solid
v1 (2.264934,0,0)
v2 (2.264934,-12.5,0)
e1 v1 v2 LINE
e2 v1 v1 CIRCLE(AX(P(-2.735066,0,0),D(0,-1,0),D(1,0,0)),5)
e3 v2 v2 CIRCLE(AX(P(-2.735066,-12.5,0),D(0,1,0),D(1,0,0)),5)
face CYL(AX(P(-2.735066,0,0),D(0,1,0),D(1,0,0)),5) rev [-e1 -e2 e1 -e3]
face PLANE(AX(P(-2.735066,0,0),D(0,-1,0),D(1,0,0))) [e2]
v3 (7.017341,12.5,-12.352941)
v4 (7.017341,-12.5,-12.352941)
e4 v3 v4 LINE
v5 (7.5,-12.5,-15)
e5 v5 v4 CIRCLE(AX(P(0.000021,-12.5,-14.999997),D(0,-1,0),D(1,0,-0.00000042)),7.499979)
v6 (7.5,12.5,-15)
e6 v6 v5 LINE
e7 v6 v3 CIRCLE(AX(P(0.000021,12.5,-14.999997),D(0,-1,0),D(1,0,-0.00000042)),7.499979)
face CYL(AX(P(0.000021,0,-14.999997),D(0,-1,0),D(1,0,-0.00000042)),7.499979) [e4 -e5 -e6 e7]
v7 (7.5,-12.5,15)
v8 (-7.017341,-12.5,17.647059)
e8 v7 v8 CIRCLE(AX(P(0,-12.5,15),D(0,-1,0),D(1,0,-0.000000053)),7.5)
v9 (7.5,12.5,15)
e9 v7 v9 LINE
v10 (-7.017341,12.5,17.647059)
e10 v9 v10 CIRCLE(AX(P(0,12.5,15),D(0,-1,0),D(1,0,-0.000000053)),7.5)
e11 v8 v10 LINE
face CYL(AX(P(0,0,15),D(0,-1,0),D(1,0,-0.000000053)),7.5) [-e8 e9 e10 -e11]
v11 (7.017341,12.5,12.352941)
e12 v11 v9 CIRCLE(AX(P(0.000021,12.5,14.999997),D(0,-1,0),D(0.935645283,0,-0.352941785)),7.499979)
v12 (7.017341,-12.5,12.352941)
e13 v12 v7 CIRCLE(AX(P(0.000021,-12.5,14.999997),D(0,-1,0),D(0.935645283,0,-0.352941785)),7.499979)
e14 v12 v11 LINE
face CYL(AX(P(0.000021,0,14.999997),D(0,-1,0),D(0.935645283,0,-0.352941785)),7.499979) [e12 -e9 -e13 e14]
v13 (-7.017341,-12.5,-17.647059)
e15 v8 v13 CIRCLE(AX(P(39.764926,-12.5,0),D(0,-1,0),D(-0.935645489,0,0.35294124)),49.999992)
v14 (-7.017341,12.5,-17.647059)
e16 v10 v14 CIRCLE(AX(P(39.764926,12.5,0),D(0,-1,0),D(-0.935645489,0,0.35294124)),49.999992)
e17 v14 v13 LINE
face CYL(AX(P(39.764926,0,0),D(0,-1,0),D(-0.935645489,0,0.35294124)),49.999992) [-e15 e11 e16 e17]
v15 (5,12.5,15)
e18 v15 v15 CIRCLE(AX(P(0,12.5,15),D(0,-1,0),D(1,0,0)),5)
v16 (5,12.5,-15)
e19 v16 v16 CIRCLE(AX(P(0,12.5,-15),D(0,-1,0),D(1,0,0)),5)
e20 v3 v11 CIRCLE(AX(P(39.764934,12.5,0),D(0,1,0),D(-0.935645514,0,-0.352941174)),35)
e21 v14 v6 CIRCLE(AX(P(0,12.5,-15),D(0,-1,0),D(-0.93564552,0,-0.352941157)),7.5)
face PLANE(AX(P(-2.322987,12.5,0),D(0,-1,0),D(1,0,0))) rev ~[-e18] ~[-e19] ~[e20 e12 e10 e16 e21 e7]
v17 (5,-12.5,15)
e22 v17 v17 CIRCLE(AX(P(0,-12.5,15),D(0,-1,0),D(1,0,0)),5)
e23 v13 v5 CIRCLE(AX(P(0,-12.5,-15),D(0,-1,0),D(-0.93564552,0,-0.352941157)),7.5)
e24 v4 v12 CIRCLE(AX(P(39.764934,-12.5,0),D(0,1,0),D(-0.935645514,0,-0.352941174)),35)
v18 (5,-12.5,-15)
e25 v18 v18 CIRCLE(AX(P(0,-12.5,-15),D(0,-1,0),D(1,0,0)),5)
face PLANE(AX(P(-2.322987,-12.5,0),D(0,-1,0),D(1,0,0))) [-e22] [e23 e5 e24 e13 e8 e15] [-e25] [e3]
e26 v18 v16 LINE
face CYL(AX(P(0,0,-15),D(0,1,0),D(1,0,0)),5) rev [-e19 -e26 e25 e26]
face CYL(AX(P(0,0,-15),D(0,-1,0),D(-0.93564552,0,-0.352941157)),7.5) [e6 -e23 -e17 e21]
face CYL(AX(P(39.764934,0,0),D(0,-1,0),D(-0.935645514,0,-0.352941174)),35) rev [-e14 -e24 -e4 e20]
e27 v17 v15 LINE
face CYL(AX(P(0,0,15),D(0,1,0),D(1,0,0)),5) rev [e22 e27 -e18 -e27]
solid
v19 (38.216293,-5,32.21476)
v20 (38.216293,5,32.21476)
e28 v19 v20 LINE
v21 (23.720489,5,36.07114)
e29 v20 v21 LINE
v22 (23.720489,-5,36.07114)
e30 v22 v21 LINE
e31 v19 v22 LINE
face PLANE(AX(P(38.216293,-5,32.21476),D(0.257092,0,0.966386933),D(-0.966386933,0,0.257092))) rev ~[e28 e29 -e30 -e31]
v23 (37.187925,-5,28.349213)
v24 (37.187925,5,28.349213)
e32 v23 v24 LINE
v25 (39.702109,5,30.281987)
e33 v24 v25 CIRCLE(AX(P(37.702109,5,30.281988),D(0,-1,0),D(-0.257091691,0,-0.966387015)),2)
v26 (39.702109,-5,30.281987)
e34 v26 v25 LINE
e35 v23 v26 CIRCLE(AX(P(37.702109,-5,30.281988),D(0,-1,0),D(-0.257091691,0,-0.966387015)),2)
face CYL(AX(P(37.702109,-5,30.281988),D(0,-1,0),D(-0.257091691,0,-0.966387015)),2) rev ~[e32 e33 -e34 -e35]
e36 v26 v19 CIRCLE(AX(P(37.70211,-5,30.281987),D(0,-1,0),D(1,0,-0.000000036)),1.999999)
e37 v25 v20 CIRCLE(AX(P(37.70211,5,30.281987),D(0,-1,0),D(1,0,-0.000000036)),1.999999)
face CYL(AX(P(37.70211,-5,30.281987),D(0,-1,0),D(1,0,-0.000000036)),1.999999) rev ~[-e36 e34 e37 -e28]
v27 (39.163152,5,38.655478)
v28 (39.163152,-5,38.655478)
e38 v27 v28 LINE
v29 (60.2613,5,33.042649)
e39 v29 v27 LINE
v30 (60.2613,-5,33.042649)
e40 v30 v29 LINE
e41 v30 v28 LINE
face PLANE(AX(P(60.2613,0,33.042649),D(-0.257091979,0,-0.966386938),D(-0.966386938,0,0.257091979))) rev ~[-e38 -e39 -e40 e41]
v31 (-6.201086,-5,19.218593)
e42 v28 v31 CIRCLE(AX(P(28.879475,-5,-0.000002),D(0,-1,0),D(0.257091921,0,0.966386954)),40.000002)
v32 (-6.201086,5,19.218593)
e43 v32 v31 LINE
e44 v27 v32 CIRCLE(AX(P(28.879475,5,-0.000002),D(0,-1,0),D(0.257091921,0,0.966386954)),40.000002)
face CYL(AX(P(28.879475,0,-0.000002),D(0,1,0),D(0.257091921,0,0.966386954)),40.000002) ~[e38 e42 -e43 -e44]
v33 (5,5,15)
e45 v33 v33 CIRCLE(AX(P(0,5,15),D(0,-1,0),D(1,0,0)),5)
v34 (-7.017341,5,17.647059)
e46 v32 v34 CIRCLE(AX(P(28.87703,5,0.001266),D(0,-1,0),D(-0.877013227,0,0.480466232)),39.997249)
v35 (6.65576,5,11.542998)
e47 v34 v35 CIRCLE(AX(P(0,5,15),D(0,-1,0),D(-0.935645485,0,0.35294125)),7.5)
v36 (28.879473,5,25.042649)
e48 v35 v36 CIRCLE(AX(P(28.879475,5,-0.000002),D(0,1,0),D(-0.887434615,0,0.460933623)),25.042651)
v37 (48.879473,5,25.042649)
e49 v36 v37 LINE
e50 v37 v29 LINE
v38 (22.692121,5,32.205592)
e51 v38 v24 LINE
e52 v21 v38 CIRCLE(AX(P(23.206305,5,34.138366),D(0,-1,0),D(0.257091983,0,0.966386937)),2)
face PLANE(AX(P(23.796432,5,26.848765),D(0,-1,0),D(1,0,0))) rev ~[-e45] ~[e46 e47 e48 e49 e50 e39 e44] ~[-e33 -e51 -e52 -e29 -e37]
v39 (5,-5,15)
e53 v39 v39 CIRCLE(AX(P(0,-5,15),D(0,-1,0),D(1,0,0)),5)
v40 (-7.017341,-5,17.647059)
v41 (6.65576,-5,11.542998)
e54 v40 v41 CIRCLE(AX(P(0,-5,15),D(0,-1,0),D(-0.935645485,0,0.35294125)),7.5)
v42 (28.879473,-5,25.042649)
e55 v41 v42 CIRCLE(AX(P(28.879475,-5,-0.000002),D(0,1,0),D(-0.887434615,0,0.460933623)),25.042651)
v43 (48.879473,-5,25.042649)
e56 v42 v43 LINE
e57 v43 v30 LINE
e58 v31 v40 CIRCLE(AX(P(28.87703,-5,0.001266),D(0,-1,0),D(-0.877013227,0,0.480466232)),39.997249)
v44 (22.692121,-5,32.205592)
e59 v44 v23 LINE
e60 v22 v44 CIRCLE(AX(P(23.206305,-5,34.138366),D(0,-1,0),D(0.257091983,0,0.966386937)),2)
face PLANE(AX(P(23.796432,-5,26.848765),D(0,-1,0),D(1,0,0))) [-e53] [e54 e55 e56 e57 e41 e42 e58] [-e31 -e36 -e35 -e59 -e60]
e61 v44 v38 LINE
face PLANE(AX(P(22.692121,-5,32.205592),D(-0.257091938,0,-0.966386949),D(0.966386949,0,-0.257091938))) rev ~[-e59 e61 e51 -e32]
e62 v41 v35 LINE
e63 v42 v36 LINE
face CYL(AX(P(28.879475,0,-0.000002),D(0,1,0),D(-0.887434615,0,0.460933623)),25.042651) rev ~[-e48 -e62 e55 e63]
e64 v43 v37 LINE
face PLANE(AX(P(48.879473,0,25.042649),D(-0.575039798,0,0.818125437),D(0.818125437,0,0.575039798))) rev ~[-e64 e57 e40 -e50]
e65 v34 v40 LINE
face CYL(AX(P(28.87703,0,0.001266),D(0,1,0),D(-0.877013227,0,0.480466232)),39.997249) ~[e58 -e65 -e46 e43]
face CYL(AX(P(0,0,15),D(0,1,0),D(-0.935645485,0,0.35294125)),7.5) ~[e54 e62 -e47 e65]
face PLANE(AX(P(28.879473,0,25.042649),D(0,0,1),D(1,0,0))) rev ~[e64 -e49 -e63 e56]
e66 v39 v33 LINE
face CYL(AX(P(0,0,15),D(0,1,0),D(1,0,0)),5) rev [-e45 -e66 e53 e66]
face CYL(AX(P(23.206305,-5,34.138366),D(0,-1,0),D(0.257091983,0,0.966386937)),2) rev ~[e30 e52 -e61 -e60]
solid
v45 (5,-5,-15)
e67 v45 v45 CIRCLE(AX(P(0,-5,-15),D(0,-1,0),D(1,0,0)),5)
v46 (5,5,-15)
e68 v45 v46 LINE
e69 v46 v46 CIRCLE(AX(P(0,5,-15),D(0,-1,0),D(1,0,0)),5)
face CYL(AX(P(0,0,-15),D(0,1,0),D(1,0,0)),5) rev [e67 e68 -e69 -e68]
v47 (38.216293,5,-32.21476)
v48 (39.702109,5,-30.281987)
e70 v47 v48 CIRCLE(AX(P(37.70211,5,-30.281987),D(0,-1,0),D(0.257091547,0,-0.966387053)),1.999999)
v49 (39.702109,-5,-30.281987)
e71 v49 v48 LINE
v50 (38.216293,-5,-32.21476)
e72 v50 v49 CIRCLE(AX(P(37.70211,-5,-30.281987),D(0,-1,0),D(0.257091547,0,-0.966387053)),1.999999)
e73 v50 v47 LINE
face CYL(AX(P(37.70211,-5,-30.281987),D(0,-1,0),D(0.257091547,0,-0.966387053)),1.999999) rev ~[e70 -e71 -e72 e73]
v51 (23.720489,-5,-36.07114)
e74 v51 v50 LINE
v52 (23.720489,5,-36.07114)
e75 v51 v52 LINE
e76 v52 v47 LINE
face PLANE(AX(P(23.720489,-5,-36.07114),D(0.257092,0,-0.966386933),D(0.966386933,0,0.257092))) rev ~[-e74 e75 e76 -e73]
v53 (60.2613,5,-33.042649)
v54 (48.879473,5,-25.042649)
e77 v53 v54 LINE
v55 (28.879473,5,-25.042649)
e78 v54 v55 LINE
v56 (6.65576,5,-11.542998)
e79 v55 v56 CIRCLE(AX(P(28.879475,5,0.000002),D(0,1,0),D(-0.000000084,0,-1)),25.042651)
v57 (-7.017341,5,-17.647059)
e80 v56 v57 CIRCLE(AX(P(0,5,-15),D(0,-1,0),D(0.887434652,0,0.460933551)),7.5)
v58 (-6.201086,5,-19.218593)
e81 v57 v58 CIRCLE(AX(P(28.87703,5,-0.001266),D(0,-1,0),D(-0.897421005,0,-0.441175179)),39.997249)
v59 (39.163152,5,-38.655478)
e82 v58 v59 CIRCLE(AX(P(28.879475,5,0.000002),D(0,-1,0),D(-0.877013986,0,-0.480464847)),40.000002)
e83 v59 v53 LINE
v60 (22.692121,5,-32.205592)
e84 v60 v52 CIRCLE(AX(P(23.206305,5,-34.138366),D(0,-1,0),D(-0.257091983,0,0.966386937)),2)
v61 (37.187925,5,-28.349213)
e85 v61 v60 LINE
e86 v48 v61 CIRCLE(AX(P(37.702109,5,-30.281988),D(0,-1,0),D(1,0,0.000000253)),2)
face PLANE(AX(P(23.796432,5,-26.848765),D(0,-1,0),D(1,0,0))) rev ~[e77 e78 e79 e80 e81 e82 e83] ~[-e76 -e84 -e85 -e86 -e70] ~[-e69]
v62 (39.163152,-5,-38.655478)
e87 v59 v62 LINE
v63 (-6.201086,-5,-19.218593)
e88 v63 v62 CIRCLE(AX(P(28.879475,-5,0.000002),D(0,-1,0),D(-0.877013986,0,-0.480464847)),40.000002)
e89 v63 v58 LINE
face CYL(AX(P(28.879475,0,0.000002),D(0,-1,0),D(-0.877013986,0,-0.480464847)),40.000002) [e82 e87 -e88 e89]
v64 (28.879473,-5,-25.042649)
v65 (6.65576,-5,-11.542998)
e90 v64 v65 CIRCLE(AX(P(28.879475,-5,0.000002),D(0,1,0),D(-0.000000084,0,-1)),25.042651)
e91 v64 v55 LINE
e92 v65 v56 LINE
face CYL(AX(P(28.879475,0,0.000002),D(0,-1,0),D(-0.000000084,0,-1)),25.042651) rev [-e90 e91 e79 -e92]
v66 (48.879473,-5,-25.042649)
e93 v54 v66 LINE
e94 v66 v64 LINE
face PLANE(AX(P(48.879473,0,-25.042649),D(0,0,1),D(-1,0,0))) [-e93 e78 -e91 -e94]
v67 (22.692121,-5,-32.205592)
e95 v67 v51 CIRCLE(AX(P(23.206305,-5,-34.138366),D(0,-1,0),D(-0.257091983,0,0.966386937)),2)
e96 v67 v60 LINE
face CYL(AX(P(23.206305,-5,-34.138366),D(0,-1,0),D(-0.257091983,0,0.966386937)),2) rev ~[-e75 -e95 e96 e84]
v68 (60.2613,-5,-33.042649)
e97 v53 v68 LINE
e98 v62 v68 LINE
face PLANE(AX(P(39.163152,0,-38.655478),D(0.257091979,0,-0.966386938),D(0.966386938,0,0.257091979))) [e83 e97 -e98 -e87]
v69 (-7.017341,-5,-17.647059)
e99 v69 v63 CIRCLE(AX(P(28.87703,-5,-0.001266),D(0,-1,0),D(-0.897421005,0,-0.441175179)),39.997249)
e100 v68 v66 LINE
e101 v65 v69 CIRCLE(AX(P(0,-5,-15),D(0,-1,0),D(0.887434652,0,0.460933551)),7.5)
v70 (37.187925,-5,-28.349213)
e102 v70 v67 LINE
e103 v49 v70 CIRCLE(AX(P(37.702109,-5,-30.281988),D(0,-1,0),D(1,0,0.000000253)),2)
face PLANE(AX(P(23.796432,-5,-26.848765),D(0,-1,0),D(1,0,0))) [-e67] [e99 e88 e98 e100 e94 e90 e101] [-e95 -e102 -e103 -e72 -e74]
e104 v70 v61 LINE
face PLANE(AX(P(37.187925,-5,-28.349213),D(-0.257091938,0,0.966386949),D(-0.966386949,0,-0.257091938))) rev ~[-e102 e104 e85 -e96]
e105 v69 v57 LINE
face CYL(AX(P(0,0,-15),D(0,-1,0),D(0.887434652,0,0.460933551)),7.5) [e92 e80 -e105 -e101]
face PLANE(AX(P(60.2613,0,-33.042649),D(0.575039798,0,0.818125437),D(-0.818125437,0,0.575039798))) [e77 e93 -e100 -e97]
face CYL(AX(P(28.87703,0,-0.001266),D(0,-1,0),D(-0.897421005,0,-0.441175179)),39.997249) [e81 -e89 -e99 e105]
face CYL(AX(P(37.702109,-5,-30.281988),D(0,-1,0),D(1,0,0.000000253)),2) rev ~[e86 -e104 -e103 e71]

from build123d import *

# Parameters (mm, degrees)
F0_R     = 5
F2_DEPTH = 12.5
F1_R     = 5
F3_DEPTH = 5
F5_DEPTH = 17.501
F6_R     = 5
F7_DEPTH = 12.501


with BuildPart() as f2:
    # F0 (on Front) → F2 (new body, symmetric)
    with BuildSketch(Plane.XZ):
        with BuildLine():
            ThreePointArc((7.017341, 12.352941), (-2.647059, 7.982659), (-7.017341, 17.647059))
            ThreePointArc((-7.017341, 17.647059), (-10.235066, 0), (-7.017341, -17.647059))
            ThreePointArc((-7.017341, -17.647059), (-2.647059, -7.982659), (7.017341, -12.352941))
            ThreePointArc((7.017341, -12.352941), (4.764934, 0), (7.017341, 12.352941))
        make_face()
        with BuildLine():
            ThreePointArc((7.017341, 12.352941), (7.378349, 13.654649), (7.5, 15))
            ThreePointArc((7.5, 15), (1.345351, 22.378349), (-7.017341, 17.647059))
            ThreePointArc((-7.017341, 17.647059), (-2.647059, 7.982659), (7.017341, 12.352941))
        make_face()
        with Locations((0, 15)):
            Circle(F0_R, mode=Mode.SUBTRACT)
        with BuildLine():
            ThreePointArc((7.017341, -12.352941), (-2.647059, -7.982659), (-7.017341, -17.647059))
            ThreePointArc((-7.017341, -17.647059), (1.345351, -22.378349), (7.5, -15))
            ThreePointArc((7.5, -15), (7.378349, -13.654649), (7.017341, -12.352941))
        make_face()
        with Locations((0, -15)):
            Circle(F0_R, mode=Mode.SUBTRACT)
    extrude(amount=F2_DEPTH, both=True)

    # F6 (on Front) → F7 (cut, through all)
    with BuildSketch(Plane.XZ):
        with Locations((-2.735066, 0)):
            Circle(F6_R)
    extrude(amount=F7_DEPTH, mode=Mode.SUBTRACT)


with BuildPart() as f3:
    # F1 (on Front) → F3 (new body, symmetric)
    with BuildSketch(Plane.XZ):
        with BuildLine():
            Line((60.2613, 33.042649), (39.163152, 38.655478))
            ThreePointArc((39.163152, 38.655478), (13.126079, 36.767248), (-6.201086, 19.218593))
            ThreePointArc((-6.201086, 19.218593), (-6.617912, 18.437344), (-7.017341, 17.647059))
            ThreePointArc((-7.017341, 17.647059), (-3.05738, 8.151465), (6.65576, 11.542998))
            ThreePointArc((6.65576, 11.542998), (15.878185, 21.403288), (28.879473, 25.042649))
            Line((28.879473, 25.042649), (48.879473, 25.042649))
            Line((48.879473, 25.042649), (60.2613, 33.042649))
        make_face()
        with Locations((0, 15)):
            Circle(F1_R, mode=Mode.SUBTRACT)
        with BuildLine():
            ThreePointArc((-6.201086, -19.218593), (13.126079, -36.767248), (39.163152, -38.655478))
            Line((39.163152, -38.655478), (60.2613, -33.042649))
            Line((60.2613, -33.042649), (48.879473, -25.042649))
            Line((48.879473, -25.042649), (28.879473, -25.042649))
            ThreePointArc((28.879473, -25.042649), (15.878185, -21.403288), (6.65576, -11.542998))
            ThreePointArc((6.65576, -11.542998), (-3.05738, -8.151465), (-7.017341, -17.647059))
            ThreePointArc((-7.017341, -17.647059), (-6.617912, -18.437344), (-6.201086, -19.218593))
        make_face()
        with Locations((0, -15)):
            Circle(F1_R, mode=Mode.SUBTRACT)
    extrude(amount=F3_DEPTH, both=True)

    # F4 (on face) → F5 (cut, through all)
    with BuildSketch(Plane.XZ.offset(5)):
        with BuildLine():
            ThreePointArc((22.692121, 32.205592), (24.425245, 32.552748), (25.206305, 34.138366))
            ThreePointArc((25.206305, 34.138366), (24.791923, 35.357307), (23.720489, 36.07114))
            ThreePointArc((23.720489, 36.07114), (21.273531, 34.65255), (22.692121, 32.205592))
        make_face()
        with BuildLine():
            ThreePointArc((23.720489, 36.07114), (24.791923, 35.357307), (25.206305, 34.138366))
            ThreePointArc((25.206305, 34.138366), (24.425245, 32.552748), (22.692121, 32.205592))
            Line((22.692121, 32.205592), (37.187925, 28.349213))
            ThreePointArc((37.187925, 28.349213), (35.769335, 30.796171), (38.216293, 32.21476))
            Line((38.216293, 32.21476), (23.720489, 36.07114))
        make_face()
        with BuildLine():
            ThreePointArc((39.702109, 30.281987), (39.287727, 31.500927), (38.216293, 32.21476))
            ThreePointArc((38.216293, 32.21476), (35.769335, 30.796171), (37.187925, 28.349213))
            ThreePointArc((37.187925, 28.349213), (38.921049, 28.696369), (39.702109, 30.281987))
        make_face()
        with BuildLine():
            ThreePointArc((23.720489, -36.07114), (24.791923, -35.357307), (25.206305, -34.138366))
            ThreePointArc((25.206305, -34.138366), (24.425245, -32.552748), (22.692121, -32.205592))
            ThreePointArc((22.692121, -32.205592), (21.273531, -34.65255), (23.720489, -36.07114))
        make_face()
        with BuildLine():
            ThreePointArc((22.692121, -32.205592), (24.425245, -32.552748), (25.206305, -34.138366))
            ThreePointArc((25.206305, -34.138366), (24.791923, -35.357307), (23.720489, -36.07114))
            Line((23.720489, -36.07114), (38.216293, -32.21476))
            ThreePointArc((38.216293, -32.21476), (35.769335, -30.796171), (37.187925, -28.349213))
            Line((37.187925, -28.349213), (22.692121, -32.205592))
        make_face()
        with BuildLine():
            ThreePointArc((39.702109, -30.281987), (38.921049, -28.696369), (37.187925, -28.349213))
            ThreePointArc((37.187925, -28.349213), (35.769335, -30.796171), (38.216293, -32.21476))
            ThreePointArc((38.216293, -32.21476), (39.287727, -31.500927), (39.702109, -30.281987))
        make_face()
    extrude(amount=-F5_DEPTH, mode=Mode.SUBTRACT)


solid = Compound([f2.part, f3.part])
